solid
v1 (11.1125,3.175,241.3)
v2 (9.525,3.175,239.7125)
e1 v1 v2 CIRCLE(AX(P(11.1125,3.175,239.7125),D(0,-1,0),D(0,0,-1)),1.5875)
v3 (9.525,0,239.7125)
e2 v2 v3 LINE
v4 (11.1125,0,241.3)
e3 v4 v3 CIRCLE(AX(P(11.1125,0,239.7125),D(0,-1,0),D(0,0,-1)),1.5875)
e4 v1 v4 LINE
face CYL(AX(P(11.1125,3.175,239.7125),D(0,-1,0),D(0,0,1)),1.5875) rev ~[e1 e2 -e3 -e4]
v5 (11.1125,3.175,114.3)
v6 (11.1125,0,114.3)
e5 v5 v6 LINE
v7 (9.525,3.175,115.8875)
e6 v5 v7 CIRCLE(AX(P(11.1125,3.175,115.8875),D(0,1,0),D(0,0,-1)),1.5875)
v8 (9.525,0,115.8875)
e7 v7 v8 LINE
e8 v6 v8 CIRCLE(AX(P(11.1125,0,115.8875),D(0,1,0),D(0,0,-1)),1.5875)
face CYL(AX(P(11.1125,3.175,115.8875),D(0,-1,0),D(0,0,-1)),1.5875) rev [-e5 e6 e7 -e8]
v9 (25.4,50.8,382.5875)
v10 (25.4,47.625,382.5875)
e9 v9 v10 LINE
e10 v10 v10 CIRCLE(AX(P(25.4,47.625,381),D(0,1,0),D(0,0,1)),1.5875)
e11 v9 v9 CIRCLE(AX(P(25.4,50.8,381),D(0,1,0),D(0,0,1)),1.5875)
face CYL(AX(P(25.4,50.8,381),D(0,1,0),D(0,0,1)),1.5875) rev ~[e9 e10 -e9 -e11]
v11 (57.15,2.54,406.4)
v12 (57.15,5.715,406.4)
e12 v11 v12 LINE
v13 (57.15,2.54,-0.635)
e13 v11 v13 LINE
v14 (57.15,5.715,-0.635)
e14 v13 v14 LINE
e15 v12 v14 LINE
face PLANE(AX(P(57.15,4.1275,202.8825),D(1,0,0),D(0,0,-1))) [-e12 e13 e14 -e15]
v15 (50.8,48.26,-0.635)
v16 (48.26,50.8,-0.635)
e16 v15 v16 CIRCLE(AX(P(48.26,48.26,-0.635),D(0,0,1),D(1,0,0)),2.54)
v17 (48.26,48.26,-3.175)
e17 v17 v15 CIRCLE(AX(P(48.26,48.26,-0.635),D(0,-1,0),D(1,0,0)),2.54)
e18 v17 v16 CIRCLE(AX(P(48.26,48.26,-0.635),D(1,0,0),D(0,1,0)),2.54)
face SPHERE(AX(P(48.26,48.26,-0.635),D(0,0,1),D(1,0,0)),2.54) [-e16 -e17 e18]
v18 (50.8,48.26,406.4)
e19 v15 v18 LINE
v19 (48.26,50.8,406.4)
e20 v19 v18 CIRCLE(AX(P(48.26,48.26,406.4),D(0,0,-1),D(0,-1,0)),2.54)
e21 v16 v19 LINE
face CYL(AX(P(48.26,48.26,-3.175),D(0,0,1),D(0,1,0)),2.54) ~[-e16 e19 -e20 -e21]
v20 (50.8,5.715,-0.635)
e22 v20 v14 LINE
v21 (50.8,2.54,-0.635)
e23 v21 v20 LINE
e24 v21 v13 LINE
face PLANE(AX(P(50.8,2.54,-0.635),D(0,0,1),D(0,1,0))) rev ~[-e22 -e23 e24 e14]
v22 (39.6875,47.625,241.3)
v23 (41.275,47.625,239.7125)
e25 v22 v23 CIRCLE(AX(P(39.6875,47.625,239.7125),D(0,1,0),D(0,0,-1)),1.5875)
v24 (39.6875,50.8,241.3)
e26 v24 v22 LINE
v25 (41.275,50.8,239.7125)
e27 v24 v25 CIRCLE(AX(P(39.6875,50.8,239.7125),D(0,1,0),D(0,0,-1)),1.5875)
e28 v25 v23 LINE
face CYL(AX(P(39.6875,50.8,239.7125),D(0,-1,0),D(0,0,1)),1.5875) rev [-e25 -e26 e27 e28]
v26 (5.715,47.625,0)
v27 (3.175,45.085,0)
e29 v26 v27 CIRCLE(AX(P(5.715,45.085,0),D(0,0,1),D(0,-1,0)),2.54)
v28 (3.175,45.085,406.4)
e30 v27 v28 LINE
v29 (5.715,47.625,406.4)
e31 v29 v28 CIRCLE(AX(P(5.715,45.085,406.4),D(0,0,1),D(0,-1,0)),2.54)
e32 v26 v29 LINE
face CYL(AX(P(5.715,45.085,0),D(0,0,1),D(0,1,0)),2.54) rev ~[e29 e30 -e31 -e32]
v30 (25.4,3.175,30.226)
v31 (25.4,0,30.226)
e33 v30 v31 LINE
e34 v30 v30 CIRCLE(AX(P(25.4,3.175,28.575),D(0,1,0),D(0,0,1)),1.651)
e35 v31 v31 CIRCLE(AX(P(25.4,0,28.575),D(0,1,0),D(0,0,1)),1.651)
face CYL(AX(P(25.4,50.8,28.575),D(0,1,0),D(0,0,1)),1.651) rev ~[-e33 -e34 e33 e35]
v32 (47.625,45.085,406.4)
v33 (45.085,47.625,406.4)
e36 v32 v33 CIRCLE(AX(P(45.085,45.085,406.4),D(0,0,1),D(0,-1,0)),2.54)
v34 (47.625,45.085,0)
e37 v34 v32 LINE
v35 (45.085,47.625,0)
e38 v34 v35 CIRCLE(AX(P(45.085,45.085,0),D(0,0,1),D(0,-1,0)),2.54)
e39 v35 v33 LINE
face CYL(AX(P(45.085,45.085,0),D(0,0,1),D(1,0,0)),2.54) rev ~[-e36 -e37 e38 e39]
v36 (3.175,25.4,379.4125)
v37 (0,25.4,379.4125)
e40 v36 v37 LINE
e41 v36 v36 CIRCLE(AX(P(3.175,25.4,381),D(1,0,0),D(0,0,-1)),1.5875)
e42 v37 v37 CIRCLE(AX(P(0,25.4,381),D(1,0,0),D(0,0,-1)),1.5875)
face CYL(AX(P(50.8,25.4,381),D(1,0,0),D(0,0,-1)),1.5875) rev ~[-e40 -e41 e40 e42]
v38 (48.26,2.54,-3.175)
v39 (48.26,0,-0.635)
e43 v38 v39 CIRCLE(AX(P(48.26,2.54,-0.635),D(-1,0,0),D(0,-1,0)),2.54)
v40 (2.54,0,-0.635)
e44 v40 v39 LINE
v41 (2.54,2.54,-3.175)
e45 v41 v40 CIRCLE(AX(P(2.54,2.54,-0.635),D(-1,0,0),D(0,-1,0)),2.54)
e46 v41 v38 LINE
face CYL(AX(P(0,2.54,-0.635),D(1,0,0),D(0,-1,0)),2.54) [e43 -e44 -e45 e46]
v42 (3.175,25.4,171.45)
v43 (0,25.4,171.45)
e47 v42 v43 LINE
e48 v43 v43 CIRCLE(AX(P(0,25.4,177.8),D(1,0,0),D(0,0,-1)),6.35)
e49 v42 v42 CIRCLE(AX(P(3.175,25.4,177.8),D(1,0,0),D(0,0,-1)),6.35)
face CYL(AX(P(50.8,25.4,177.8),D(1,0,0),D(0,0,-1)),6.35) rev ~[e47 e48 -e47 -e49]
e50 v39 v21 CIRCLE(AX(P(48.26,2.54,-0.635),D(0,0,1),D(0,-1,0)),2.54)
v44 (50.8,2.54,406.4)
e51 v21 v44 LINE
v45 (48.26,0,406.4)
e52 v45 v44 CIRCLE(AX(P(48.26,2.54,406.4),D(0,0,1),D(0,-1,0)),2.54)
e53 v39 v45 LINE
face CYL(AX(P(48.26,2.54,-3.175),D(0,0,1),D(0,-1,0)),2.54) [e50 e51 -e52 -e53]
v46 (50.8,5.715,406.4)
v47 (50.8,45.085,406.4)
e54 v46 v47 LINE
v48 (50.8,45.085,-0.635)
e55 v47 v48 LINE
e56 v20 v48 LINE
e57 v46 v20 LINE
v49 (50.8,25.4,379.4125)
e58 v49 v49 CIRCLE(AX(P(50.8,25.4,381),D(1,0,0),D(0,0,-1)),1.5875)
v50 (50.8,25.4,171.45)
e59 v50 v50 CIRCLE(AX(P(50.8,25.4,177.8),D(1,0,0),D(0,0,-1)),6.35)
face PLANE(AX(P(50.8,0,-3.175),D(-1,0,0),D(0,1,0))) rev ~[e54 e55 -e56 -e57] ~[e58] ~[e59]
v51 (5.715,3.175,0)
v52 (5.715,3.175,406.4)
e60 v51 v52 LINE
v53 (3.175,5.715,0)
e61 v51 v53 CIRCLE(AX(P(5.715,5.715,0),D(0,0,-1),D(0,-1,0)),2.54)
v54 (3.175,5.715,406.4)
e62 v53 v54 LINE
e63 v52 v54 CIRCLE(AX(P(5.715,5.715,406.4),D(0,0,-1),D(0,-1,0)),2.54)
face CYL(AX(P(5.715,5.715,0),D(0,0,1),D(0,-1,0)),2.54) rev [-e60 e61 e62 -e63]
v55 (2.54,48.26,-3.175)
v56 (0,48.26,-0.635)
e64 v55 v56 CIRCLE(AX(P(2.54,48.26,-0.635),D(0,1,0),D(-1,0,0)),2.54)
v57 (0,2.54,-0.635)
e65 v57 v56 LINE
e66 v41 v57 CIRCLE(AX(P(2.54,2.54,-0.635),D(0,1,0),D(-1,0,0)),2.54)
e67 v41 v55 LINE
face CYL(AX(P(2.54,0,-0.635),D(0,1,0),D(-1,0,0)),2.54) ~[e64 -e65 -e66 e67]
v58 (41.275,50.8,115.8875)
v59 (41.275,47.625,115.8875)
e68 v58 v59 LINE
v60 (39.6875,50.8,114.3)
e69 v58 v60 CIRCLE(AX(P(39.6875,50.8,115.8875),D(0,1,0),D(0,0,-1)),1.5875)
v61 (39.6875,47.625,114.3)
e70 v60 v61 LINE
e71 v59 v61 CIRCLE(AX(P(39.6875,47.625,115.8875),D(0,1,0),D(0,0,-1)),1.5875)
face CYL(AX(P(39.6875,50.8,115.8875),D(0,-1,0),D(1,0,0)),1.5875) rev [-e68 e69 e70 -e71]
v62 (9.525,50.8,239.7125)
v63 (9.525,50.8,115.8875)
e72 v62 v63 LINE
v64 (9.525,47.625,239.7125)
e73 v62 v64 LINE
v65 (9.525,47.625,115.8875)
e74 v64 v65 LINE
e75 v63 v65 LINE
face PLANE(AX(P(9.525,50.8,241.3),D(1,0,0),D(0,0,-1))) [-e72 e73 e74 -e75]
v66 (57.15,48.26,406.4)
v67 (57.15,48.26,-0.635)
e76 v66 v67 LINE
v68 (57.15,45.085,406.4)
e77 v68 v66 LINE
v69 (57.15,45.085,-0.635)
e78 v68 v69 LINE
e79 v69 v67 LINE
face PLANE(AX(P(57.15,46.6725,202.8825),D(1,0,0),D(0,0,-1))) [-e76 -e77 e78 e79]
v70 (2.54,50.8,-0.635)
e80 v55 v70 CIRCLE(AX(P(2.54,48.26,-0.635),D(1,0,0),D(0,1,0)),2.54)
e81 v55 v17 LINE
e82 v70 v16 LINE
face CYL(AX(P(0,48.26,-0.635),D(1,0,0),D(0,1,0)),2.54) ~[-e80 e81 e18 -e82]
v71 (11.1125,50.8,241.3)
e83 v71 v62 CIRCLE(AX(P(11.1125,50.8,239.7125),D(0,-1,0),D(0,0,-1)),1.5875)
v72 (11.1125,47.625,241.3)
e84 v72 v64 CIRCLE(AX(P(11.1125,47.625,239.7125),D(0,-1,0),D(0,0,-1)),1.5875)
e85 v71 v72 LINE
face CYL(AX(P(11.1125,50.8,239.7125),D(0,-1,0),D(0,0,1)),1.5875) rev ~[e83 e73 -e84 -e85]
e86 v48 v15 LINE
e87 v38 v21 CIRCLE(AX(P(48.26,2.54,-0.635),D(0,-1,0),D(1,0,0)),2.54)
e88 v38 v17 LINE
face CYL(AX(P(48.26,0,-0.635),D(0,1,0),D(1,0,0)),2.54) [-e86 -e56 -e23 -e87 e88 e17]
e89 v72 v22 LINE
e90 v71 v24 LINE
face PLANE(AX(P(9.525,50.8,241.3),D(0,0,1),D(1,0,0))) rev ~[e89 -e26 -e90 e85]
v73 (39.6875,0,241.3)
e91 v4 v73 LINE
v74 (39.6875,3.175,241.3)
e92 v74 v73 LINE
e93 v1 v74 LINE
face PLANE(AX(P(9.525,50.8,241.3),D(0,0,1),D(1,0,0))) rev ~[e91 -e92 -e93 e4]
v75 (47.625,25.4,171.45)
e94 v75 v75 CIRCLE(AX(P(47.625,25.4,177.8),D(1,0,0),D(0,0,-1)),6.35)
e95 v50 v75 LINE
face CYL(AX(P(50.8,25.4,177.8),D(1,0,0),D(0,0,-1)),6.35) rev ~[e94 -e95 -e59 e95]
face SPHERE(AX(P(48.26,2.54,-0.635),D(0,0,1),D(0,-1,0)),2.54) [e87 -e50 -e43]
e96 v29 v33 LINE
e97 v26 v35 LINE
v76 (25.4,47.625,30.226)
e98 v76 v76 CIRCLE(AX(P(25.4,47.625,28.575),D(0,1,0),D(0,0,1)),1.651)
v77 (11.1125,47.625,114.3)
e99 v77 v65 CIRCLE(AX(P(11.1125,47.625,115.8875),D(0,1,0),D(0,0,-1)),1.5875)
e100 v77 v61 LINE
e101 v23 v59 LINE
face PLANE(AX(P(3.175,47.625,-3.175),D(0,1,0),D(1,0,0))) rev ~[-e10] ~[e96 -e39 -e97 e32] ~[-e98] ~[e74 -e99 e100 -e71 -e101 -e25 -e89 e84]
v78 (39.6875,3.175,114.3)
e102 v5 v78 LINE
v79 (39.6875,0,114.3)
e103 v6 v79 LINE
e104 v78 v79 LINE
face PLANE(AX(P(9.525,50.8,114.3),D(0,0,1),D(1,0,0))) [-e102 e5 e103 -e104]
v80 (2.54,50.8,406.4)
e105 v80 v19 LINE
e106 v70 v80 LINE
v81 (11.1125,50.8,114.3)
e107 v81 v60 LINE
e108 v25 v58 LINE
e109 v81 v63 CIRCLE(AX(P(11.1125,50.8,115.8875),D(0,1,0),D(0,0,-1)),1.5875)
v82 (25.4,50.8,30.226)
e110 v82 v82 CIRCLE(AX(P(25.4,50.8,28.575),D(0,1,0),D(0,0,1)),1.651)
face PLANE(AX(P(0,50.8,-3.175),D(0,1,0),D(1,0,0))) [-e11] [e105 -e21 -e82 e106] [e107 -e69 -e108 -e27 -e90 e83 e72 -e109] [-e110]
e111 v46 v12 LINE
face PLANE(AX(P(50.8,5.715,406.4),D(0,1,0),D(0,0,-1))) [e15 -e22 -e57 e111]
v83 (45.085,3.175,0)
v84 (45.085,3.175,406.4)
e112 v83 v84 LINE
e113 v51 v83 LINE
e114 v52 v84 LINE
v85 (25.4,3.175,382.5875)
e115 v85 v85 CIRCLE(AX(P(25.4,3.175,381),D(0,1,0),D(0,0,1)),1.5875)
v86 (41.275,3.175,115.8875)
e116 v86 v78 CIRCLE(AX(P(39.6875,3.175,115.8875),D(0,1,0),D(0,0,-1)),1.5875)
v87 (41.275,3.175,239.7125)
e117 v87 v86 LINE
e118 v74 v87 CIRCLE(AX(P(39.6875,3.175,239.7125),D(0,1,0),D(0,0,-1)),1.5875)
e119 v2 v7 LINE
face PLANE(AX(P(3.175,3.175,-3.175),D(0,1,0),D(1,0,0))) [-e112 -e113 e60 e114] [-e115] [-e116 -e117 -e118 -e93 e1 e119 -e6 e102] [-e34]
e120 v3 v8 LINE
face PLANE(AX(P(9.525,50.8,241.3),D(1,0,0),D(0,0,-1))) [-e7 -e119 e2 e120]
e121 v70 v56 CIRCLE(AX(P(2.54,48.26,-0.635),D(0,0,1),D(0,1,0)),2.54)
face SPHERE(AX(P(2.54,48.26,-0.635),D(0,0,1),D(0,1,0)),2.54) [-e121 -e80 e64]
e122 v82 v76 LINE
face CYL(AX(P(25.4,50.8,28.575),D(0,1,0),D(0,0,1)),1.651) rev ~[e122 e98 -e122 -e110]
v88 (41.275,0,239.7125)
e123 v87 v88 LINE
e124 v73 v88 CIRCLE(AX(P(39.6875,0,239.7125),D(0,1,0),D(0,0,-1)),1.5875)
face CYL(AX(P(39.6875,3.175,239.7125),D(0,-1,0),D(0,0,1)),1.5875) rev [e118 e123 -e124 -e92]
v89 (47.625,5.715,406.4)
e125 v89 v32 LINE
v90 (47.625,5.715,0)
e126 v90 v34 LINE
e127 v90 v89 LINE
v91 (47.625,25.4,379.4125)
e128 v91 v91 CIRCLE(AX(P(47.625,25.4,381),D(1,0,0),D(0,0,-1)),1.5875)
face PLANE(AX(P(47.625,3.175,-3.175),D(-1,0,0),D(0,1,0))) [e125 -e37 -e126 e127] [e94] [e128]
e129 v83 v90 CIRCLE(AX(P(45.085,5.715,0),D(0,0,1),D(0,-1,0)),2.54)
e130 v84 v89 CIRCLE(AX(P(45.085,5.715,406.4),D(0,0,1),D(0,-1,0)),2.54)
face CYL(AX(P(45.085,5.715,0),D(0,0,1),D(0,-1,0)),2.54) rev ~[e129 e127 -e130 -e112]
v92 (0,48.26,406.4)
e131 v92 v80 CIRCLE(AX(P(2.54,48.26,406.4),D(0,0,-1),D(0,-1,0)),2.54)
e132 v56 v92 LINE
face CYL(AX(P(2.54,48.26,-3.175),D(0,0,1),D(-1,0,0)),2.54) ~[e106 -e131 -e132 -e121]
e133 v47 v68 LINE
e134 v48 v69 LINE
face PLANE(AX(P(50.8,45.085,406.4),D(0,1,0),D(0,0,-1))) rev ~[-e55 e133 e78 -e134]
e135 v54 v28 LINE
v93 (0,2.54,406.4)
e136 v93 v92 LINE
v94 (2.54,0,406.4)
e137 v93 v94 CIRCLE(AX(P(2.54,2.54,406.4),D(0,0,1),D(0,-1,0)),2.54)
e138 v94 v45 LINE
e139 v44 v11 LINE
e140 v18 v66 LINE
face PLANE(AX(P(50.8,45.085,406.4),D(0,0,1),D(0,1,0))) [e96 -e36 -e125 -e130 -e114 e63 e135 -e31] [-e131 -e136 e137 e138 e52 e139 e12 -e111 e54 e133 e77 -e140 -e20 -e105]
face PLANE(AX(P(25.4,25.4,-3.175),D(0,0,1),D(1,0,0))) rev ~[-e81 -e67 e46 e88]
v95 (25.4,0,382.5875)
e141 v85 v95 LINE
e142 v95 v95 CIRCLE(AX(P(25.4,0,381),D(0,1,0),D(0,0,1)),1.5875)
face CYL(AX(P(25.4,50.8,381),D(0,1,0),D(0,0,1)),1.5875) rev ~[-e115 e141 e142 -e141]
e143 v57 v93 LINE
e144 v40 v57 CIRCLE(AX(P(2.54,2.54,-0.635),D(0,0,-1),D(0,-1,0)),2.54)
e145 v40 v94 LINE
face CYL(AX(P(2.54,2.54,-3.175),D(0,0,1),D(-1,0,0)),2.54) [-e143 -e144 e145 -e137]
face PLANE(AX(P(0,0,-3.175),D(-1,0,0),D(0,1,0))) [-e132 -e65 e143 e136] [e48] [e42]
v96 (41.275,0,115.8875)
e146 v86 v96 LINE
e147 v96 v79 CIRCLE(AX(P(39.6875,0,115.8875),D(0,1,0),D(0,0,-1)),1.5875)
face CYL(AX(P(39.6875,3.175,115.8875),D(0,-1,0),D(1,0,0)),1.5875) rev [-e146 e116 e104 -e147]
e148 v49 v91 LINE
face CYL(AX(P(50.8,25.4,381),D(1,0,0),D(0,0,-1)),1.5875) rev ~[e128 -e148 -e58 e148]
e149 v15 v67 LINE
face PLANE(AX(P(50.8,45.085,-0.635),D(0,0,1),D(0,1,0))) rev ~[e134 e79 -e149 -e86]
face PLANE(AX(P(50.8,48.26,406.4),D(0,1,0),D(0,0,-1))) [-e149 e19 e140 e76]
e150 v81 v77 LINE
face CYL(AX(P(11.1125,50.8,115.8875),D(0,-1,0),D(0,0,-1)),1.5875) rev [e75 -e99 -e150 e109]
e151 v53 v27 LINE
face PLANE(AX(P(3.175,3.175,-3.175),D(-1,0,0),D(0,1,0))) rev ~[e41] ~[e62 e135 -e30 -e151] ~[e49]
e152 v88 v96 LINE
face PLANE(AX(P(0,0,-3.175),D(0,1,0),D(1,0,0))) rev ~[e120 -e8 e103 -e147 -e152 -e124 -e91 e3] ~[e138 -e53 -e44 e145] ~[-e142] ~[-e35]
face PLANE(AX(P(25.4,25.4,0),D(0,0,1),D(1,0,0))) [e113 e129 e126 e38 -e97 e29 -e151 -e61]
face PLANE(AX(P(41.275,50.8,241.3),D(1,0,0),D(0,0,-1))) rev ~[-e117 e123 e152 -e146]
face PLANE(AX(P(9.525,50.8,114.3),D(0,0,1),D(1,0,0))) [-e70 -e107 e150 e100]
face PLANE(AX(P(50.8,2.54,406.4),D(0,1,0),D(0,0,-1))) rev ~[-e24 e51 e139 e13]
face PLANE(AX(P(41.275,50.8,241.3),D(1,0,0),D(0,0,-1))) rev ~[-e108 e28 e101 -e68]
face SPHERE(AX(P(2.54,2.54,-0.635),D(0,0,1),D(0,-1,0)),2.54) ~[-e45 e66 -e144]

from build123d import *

# Parameters (mm, degrees)
BOSS_EXTRUDE1_DEPTH      = 406.4
BOSS_EXTRUDE1_DEPTH_BACK = 3.175
SKETCH1_W                = 50.8
SKETCH1_H                = 50.8
SKETCH1_W_2              = 44.45
SKETCH1_H_2              = 44.45
SKETCH1_3_W              = 44.45
SKETCH1_3_H              = 44.45
SKETCH1_3_W_2            = 25.4
SKETCH1_3_H_2            = 25.4
BOSS_EXTRUDE2_DEPTH      = 3.175
SKETCH1_4_W              = 25.4
SKETCH1_4_H              = 25.4
BOSS_EXTRUDE3_DEPTH      = 3.175
CUT_EXTRUDE3_REACH       = 414.701
SKETCH4_R                = 1.5875
SKETCH4_R_2              = 1.651
SKETCH4_W                = 31.75
SKETCH4_H                = 127
CUT_EXTRUDE4_REACH       = 414.701
SKETCH5_R                = 1.5875
SKETCH5_R_2              = 6.35
FILLET1_R                = 2.54
FILLET4_R                = 2.54
SKETCH7_W                = 407.035
SKETCH7_H                = 3.175
BOSS_EXTRUDE4_DEPTH      = 6.35
FILLET5_R                = 1.5875


with BuildPart() as part:
    # Sketch1 → Boss-Extrude1 (new, two sides: drawn at the far end of the back side and taken through both)
    with BuildSketch(Plane.XY.offset(-BOSS_EXTRUDE1_DEPTH_BACK)):
        with Locations((25.4, 25.4)):
            Rectangle(SKETCH1_W, SKETCH1_H)
        with Locations((25.4, 25.4)):
            Rectangle(SKETCH1_W_2, SKETCH1_H_2, mode=Mode.SUBTRACT)
    extrude(amount=BOSS_EXTRUDE1_DEPTH + BOSS_EXTRUDE1_DEPTH_BACK)

    # Sketch1<3> → Boss-Extrude2 (add)
    with BuildSketch(Plane.XY):
        with Locations((25.4, 25.4)):
            Rectangle(SKETCH1_3_W, SKETCH1_3_H)
        with Locations((25.4, 25.4)):
            Rectangle(SKETCH1_3_W_2, SKETCH1_3_H_2, mode=Mode.SUBTRACT)
    extrude(amount=-BOSS_EXTRUDE2_DEPTH)

    # Sketch1<4> → Boss-Extrude3 (add)
    with BuildSketch(Plane.XY):
        with Locations((25.4, 25.4)):
            Rectangle(SKETCH1_4_W, SKETCH1_4_H)
    extrude(amount=-BOSS_EXTRUDE3_DEPTH)

    # Cut-Extrude3: up to this face of the body (flat: up to its plane)
    cut_extrude3_end = Plane(part.part.faces().sort_by_distance((25.4, 0, 201.6125))[0])
    # Sketch4 → Cut-Extrude3 (cut, up to the picked face)
    with BuildSketch(Plane(origin=(0, 50.8, 0), x_dir=(1, 0, 0), z_dir=(0, 1, 0)), mode=Mode.PRIVATE) as cut_extrude3_sk1:
        with Locations(Location((25.4, -381, 0), (0, 0, 270))):
            Circle(SKETCH4_R)
    cut_extrude3_tool1 = split(extrude(cut_extrude3_sk1.sketch, amount=-CUT_EXTRUDE3_REACH, mode=Mode.PRIVATE), bisect_by=cut_extrude3_end, keep=Keep.BOTH, mode=Mode.PRIVATE)
    # Sketch4 → Cut-Extrude3 (cut, up to the picked face)
    with BuildSketch(Plane(origin=(0, 50.8, 0), x_dir=(1, 0, 0), z_dir=(0, 1, 0)), mode=Mode.PRIVATE) as cut_extrude3_sk2:
        with Locations(Location((25.4, -28.575, 0), (0, 0, 270))):
            Circle(SKETCH4_R_2)
    cut_extrude3_tool2 = split(extrude(cut_extrude3_sk2.sketch, amount=-CUT_EXTRUDE3_REACH, mode=Mode.PRIVATE), bisect_by=cut_extrude3_end, keep=Keep.BOTH, mode=Mode.PRIVATE)
    # Sketch4 → Cut-Extrude3 (cut, up to the picked face)
    with BuildSketch(Plane(origin=(0, 50.8, 0), x_dir=(1, 0, 0), z_dir=(0, 1, 0)), mode=Mode.PRIVATE) as cut_extrude3_sk3:
        with Locations((25.4, -177.8)):
            Rectangle(SKETCH4_W, SKETCH4_H)
    cut_extrude3_tool3 = split(extrude(cut_extrude3_sk3.sketch, amount=-CUT_EXTRUDE3_REACH, mode=Mode.PRIVATE), bisect_by=cut_extrude3_end, keep=Keep.BOTH, mode=Mode.PRIVATE)
    add(cut_extrude3_tool1.solids().sort_by(Axis((25.4, 50.8, 381), (0, -1, 0)))[0], mode=Mode.SUBTRACT)
    add(cut_extrude3_tool2.solids().sort_by(Axis((25.4, 50.8, 28.575), (0, -1, 0)))[0], mode=Mode.SUBTRACT)
    add(cut_extrude3_tool3.solids().sort_by(Axis((25.4, 50.8, 177.8), (0, -1, 0)))[0], mode=Mode.SUBTRACT)

    # Cut-Extrude4: up to this face of the body (flat: up to its plane)
    cut_extrude4_end = Plane(part.part.faces().sort_by_distance((0, 25.4, 201.6125))[0])
    # Sketch5 → Cut-Extrude4 (cut, up to the picked face)
    with BuildSketch(Plane(origin=(50.8, 0, 0), x_dir=(0, 0, -1), z_dir=(1, 0, 0)), mode=Mode.PRIVATE) as cut_extrude4_sk1:
        with Locations((-381, 25.4)):
            Circle(SKETCH5_R)
    cut_extrude4_tool1 = split(extrude(cut_extrude4_sk1.sketch, amount=-CUT_EXTRUDE4_REACH, mode=Mode.PRIVATE), bisect_by=cut_extrude4_end, keep=Keep.BOTH, mode=Mode.PRIVATE)
    # Sketch5 → Cut-Extrude4 (cut, up to the picked face)
    with BuildSketch(Plane(origin=(50.8, 0, 0), x_dir=(0, 0, -1), z_dir=(1, 0, 0)), mode=Mode.PRIVATE) as cut_extrude4_sk2:
        with Locations((-177.8, 25.4)):
            Circle(SKETCH5_R_2)
    cut_extrude4_tool2 = split(extrude(cut_extrude4_sk2.sketch, amount=-CUT_EXTRUDE4_REACH, mode=Mode.PRIVATE), bisect_by=cut_extrude4_end, keep=Keep.BOTH, mode=Mode.PRIVATE)
    add(cut_extrude4_tool1.solids().sort_by(Axis((50.8, 25.4, 381), (-1, 0, 0)))[0], mode=Mode.SUBTRACT)
    add(cut_extrude4_tool2.solids().sort_by(Axis((50.8, 25.4, 177.8), (-1, 0, 0)))[0], mode=Mode.SUBTRACT)

    # Fillet1
    fillet1_edges = [part.edges().sort_by_distance(p)[0] for p in [
        (0, 0, 201.6125),
        (0, 50.8, 201.6125),
        (50.8, 50.8, 201.6125),
        (50.8, 0, 201.6125),
        (25.4, 0, -3.175),
        (50.8, 25.4, -3.175),
        (25.4, 50.8, -3.175),
        (0, 25.4, -3.175),
    ]]
    fillet(fillet1_edges, radius=FILLET1_R)

    # Fillet4
    fillet4_edges = [part.edges().sort_by_distance(p)[0] for p in [
        (3.175, 47.625, 203.2),
        (3.175, 3.175, 203.2),
        (47.625, 47.625, 203.2),
        (47.625, 3.175, 203.2),
    ]]
    fillet(fillet4_edges, radius=FILLET4_R)

    # Sketch7 → Boss-Extrude4 (add)
    with BuildSketch(Plane(origin=(50.8, 0, 0), x_dir=(0, 0, -1), z_dir=(1, 0, 0))):
        with Locations((-202.8825, 46.6725)):
            Rectangle(SKETCH7_W, SKETCH7_H)
        with Locations((-202.8825, 4.1275)):
            Rectangle(SKETCH7_W, SKETCH7_H)
    extrude(amount=BOSS_EXTRUDE4_DEPTH)

    # Fillet5
    fillet5_edges = [part.edges().sort_by_distance(p)[0] for p in [
        (9.525, 1.5875, 114.3),
        (9.525, 1.5875, 241.3),
        (41.275, 1.5875, 241.3),
        (41.275, 1.5875, 114.3),
        (9.525, 49.2125, 114.3),
        (9.525, 49.2125, 241.3),
        (41.275, 49.2125, 241.3),
        (41.275, 49.2125, 114.3),
    ]]
    fillet(fillet5_edges, radius=FILLET5_R)


solid = part.part
